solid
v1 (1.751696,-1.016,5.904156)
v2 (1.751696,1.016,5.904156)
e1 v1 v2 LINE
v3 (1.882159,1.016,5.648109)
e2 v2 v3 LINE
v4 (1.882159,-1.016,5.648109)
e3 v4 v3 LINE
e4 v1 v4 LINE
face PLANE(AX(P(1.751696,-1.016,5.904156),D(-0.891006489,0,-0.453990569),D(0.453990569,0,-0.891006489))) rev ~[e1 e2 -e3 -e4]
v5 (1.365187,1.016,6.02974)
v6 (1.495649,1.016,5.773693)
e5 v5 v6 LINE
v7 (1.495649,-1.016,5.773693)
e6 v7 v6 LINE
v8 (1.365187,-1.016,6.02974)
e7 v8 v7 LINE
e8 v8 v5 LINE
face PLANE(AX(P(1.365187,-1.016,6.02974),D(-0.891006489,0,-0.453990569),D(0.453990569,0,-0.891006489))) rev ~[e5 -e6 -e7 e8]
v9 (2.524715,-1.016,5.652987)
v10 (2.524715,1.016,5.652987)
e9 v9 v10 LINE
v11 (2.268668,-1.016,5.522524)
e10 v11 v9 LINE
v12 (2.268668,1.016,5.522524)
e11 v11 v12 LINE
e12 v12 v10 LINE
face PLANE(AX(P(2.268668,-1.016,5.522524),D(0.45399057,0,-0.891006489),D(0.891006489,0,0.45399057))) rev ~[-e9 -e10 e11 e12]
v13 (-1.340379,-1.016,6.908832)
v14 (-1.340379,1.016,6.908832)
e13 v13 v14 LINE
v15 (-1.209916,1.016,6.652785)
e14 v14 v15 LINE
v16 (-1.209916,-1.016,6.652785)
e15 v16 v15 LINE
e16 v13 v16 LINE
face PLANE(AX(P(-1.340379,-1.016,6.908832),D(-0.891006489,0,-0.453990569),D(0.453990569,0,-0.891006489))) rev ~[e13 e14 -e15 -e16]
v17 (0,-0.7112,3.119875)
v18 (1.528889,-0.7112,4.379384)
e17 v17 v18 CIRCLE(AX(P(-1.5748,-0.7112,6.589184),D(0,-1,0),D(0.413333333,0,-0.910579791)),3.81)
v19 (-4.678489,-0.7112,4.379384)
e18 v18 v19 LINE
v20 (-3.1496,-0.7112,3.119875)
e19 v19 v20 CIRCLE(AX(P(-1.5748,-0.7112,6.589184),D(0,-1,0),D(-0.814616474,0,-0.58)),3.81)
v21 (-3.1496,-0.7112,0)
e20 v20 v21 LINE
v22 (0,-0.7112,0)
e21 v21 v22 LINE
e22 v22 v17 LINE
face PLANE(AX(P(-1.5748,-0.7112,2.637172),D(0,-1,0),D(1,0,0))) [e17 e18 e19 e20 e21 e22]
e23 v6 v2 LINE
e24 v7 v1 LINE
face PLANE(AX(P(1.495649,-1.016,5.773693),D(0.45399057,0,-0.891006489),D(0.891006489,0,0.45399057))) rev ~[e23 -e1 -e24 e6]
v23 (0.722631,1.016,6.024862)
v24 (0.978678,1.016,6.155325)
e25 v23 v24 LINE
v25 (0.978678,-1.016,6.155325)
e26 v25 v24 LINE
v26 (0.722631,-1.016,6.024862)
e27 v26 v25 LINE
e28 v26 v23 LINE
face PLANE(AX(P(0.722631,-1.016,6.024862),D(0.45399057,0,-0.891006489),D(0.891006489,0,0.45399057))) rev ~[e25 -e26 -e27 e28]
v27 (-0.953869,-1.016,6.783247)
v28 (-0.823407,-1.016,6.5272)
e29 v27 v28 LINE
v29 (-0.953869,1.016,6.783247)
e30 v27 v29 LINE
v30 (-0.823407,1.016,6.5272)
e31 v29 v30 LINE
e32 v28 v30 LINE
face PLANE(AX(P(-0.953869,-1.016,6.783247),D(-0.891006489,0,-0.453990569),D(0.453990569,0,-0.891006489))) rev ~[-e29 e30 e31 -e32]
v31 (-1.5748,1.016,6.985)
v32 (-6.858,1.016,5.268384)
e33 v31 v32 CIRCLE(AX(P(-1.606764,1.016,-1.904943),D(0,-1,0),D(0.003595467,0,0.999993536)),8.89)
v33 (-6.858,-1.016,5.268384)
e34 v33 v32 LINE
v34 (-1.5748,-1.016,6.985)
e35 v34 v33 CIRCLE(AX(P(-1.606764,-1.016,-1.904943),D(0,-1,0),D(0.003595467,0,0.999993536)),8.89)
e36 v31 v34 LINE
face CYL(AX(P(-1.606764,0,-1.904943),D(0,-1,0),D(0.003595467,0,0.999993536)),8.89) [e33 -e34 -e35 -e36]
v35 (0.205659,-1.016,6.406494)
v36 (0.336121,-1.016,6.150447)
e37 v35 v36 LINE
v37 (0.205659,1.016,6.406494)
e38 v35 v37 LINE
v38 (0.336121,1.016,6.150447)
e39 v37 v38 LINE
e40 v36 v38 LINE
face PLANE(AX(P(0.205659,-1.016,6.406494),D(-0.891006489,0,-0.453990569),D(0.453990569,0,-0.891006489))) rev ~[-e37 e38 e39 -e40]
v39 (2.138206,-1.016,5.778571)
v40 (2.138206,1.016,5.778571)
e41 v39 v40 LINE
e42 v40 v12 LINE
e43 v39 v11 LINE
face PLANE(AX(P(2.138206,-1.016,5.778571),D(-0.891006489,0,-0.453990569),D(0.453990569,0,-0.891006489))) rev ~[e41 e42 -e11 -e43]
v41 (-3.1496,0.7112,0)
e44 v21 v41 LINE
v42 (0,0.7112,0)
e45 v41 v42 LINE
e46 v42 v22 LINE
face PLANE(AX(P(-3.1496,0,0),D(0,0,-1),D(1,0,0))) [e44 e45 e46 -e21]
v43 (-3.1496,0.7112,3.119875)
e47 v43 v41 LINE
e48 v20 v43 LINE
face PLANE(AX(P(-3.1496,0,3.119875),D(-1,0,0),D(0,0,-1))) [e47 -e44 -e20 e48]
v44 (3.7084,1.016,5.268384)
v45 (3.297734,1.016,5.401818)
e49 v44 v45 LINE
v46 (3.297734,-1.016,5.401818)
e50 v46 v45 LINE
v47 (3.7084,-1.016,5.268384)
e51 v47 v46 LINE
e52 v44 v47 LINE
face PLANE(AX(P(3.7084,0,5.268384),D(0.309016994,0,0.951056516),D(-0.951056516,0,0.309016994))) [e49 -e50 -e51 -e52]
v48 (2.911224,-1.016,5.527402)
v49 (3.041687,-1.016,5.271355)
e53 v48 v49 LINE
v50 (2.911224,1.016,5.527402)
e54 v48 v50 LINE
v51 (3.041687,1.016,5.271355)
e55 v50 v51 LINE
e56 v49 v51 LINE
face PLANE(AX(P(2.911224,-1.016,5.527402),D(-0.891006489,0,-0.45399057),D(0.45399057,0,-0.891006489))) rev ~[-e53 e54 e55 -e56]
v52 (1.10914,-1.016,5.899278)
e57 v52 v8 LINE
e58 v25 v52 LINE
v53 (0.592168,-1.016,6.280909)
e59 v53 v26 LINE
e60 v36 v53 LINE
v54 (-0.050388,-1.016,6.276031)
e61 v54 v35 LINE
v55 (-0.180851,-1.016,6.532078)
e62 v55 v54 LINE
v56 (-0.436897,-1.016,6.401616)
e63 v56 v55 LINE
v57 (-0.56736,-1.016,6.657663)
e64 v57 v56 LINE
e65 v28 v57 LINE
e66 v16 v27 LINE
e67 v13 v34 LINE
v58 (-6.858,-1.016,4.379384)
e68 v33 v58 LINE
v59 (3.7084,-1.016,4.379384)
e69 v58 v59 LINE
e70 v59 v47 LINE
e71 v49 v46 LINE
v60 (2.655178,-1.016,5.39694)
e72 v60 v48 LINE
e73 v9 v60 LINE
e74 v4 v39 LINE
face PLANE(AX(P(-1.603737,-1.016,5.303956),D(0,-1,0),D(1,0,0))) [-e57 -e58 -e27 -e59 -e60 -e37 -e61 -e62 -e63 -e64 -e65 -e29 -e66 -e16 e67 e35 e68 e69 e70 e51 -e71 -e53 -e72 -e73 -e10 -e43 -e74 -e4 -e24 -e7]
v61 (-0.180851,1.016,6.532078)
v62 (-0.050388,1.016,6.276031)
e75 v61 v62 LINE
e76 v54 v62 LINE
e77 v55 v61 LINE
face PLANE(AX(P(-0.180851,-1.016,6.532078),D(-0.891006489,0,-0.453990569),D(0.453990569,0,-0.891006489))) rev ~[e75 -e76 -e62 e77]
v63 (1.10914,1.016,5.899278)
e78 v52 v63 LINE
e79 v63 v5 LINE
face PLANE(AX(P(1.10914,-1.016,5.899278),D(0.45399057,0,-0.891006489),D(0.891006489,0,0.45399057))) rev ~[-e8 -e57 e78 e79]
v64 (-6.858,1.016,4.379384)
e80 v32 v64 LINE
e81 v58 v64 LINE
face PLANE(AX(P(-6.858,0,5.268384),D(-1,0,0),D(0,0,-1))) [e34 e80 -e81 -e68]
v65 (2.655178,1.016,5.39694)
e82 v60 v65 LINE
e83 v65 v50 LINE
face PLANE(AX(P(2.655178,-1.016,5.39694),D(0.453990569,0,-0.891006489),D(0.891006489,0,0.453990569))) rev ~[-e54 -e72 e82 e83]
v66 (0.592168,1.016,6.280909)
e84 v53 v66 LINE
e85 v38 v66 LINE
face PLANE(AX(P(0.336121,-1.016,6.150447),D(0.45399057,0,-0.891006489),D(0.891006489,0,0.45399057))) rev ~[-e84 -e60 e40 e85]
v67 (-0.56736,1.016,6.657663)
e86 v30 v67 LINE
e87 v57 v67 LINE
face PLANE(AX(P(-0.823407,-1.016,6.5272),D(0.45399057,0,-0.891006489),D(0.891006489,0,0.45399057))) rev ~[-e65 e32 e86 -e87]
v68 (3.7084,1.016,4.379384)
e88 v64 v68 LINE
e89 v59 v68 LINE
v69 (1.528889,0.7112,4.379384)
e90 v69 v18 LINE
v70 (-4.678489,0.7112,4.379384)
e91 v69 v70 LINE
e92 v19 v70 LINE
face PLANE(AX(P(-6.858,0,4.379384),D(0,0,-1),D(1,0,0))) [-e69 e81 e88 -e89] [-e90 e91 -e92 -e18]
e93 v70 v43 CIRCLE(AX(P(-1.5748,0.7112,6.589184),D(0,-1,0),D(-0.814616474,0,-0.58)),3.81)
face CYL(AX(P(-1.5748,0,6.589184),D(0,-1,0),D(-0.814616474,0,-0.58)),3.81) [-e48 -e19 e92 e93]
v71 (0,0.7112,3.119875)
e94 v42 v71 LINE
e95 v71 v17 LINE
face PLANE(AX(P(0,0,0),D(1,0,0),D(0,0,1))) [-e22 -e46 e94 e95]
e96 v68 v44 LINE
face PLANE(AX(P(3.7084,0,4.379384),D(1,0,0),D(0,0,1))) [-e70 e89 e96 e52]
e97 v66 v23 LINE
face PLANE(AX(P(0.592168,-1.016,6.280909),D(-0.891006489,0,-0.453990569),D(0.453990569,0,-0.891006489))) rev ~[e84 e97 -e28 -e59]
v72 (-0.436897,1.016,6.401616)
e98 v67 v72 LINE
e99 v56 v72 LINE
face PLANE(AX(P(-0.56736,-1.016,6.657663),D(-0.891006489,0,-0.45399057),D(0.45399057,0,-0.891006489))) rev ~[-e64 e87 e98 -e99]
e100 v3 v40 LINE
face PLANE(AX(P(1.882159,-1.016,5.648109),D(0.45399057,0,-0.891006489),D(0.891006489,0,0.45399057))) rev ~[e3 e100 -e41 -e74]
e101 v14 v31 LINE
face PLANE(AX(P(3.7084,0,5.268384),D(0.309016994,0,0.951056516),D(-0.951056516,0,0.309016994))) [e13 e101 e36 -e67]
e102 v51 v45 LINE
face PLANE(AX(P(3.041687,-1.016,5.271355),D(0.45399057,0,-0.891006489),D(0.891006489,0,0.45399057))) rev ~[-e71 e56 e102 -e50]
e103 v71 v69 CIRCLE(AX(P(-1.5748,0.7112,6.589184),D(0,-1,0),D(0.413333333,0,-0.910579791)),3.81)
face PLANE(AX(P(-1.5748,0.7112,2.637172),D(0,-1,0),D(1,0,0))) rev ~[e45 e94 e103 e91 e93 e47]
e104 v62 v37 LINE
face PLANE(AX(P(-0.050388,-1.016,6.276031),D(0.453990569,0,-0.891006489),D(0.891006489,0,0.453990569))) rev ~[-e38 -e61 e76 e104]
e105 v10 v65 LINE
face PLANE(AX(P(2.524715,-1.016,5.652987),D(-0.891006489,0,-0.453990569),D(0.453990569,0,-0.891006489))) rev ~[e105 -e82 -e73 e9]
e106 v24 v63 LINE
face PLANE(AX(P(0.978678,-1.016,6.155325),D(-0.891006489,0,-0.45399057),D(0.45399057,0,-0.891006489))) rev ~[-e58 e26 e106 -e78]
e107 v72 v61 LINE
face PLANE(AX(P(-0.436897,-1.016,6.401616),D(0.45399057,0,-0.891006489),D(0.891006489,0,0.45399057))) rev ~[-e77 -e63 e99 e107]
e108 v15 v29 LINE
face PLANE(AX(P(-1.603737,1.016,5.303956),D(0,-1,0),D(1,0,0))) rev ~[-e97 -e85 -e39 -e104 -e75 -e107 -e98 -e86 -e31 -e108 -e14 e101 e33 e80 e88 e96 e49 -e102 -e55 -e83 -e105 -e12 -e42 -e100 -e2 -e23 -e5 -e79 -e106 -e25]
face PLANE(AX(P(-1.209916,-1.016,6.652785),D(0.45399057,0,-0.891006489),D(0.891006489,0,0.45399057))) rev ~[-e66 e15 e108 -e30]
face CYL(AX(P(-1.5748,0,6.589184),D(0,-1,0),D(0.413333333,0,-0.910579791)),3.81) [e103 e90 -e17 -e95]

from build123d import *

# Parameters (mm, degrees)
F1_DEPTH      = 1.016
F1_DEPTH_BACK = 1.016
F2_DEPTH      = 0.7112
F2_DEPTH_BACK = 0.7112
F4_DEPTH      = 25.4


with BuildPart() as f1:
    # F0 (on Front) → F1 (new body, two sides)
    with BuildSketch(Plane.XZ) as f1_sk:
        with BuildLine():
            Line((-4.6784887666, 4.3793842609), (1.5288887666, 4.3793842609))
            Line((1.5288887666, 4.3793842609), (3.7084, 4.3793842609))
            Line((3.7084, 4.3793842609), (3.7084, 5.2683842609))
            Line((3.7084, 5.2683842609), (-1.5748, 6.985))
            ThreePointArc((-1.5748, 6.985), (-4.3539247834, 6.5499498923), (-6.858, 5.2683842609))
            Line((-6.858, 5.2683842609), (-6.858, 4.3793842609))
            Line((-6.858, 4.3793842609), (-4.6784887666, 4.3793842609))
        make_face()
    extrude(amount=F1_DEPTH)
    extrude(f1_sk.sketch, amount=-F1_DEPTH_BACK)

    # F0 (on Front) → F2 (join, two sides)
    with BuildSketch(Plane.XZ) as f2_sk:
        with BuildLine():
            Line((-3.1496, 0), (0, 0))
            Line((0, 0), (0, 3.1198752576))
            ThreePointArc((0, 3.1198752576), (0.8477307051, 3.6485304249), (1.5288887666, 4.3793842609))
            Line((1.5288887666, 4.3793842609), (-4.6784887666, 4.3793842609))
            ThreePointArc((-4.6784887666, 4.3793842609), (-3.9973307051, 3.6485304249), (-3.1496, 3.1198752576))
            Line((-3.1496, 3.1198752576), (-3.1496, 0))
        make_face()
    extrude(amount=F2_DEPTH)
    extrude(f2_sk.sketch, amount=-F2_DEPTH_BACK)

    # F3 (on face) → F4 (cut)
    with BuildSketch(Plane.XZ.offset(1.016)):
        Polygon((-1.2099161613, 6.65278493), (-0.9538692542, 6.7832473707), (-1.3403786224, 6.9088318772), align=None)
        Polygon((-0.8234067931, 6.5272004235), (-0.567359886, 6.6576628642), (-0.9538692542, 6.7832473707), align=None)
        Polygon((-0.4368974248, 6.401615917), (-0.1808505177, 6.5320783577), (-0.567359886, 6.6576628642), align=None)
        Polygon((-0.0503880566, 6.2760314105), (0.2056588505, 6.4064938511), (-0.1808505177, 6.5320783577), align=None)
        Polygon((0.3361213116, 6.1504469039), (0.5921682187, 6.2809093446), (0.2056588505, 6.4064938511), align=None)
        Polygon((0.7226306798, 6.0248623974), (0.9786775869, 6.1553248381), (0.5921682187, 6.2809093446), align=None)
        Polygon((1.1091400481, 5.8992778909), (1.3651869552, 6.0297403316), (0.9786775869, 6.1553248381), align=None)
        Polygon((1.4956494163, 5.7736933844), (1.7516963234, 5.9041558251), (1.3651869552, 6.0297403316), align=None)
        Polygon((1.8821587845, 5.6481088779), (2.1382056916, 5.7785713186), (1.7516963234, 5.9041558251), align=None)
        Polygon((2.2686681527, 5.5225243714), (2.5247150598, 5.6529868121), (2.1382056916, 5.7785713186), align=None)
        Polygon((2.6551775209, 5.3969398649), (2.911224428, 5.5274023055), (2.5247150598, 5.6529868121), align=None)
        Polygon((3.0416868892, 5.2713553583), (3.2977337963, 5.401817799), (2.911224428, 5.5274023055), align=None)
    extrude(amount=-F4_DEPTH, mode=Mode.SUBTRACT)


solid = f1.part
